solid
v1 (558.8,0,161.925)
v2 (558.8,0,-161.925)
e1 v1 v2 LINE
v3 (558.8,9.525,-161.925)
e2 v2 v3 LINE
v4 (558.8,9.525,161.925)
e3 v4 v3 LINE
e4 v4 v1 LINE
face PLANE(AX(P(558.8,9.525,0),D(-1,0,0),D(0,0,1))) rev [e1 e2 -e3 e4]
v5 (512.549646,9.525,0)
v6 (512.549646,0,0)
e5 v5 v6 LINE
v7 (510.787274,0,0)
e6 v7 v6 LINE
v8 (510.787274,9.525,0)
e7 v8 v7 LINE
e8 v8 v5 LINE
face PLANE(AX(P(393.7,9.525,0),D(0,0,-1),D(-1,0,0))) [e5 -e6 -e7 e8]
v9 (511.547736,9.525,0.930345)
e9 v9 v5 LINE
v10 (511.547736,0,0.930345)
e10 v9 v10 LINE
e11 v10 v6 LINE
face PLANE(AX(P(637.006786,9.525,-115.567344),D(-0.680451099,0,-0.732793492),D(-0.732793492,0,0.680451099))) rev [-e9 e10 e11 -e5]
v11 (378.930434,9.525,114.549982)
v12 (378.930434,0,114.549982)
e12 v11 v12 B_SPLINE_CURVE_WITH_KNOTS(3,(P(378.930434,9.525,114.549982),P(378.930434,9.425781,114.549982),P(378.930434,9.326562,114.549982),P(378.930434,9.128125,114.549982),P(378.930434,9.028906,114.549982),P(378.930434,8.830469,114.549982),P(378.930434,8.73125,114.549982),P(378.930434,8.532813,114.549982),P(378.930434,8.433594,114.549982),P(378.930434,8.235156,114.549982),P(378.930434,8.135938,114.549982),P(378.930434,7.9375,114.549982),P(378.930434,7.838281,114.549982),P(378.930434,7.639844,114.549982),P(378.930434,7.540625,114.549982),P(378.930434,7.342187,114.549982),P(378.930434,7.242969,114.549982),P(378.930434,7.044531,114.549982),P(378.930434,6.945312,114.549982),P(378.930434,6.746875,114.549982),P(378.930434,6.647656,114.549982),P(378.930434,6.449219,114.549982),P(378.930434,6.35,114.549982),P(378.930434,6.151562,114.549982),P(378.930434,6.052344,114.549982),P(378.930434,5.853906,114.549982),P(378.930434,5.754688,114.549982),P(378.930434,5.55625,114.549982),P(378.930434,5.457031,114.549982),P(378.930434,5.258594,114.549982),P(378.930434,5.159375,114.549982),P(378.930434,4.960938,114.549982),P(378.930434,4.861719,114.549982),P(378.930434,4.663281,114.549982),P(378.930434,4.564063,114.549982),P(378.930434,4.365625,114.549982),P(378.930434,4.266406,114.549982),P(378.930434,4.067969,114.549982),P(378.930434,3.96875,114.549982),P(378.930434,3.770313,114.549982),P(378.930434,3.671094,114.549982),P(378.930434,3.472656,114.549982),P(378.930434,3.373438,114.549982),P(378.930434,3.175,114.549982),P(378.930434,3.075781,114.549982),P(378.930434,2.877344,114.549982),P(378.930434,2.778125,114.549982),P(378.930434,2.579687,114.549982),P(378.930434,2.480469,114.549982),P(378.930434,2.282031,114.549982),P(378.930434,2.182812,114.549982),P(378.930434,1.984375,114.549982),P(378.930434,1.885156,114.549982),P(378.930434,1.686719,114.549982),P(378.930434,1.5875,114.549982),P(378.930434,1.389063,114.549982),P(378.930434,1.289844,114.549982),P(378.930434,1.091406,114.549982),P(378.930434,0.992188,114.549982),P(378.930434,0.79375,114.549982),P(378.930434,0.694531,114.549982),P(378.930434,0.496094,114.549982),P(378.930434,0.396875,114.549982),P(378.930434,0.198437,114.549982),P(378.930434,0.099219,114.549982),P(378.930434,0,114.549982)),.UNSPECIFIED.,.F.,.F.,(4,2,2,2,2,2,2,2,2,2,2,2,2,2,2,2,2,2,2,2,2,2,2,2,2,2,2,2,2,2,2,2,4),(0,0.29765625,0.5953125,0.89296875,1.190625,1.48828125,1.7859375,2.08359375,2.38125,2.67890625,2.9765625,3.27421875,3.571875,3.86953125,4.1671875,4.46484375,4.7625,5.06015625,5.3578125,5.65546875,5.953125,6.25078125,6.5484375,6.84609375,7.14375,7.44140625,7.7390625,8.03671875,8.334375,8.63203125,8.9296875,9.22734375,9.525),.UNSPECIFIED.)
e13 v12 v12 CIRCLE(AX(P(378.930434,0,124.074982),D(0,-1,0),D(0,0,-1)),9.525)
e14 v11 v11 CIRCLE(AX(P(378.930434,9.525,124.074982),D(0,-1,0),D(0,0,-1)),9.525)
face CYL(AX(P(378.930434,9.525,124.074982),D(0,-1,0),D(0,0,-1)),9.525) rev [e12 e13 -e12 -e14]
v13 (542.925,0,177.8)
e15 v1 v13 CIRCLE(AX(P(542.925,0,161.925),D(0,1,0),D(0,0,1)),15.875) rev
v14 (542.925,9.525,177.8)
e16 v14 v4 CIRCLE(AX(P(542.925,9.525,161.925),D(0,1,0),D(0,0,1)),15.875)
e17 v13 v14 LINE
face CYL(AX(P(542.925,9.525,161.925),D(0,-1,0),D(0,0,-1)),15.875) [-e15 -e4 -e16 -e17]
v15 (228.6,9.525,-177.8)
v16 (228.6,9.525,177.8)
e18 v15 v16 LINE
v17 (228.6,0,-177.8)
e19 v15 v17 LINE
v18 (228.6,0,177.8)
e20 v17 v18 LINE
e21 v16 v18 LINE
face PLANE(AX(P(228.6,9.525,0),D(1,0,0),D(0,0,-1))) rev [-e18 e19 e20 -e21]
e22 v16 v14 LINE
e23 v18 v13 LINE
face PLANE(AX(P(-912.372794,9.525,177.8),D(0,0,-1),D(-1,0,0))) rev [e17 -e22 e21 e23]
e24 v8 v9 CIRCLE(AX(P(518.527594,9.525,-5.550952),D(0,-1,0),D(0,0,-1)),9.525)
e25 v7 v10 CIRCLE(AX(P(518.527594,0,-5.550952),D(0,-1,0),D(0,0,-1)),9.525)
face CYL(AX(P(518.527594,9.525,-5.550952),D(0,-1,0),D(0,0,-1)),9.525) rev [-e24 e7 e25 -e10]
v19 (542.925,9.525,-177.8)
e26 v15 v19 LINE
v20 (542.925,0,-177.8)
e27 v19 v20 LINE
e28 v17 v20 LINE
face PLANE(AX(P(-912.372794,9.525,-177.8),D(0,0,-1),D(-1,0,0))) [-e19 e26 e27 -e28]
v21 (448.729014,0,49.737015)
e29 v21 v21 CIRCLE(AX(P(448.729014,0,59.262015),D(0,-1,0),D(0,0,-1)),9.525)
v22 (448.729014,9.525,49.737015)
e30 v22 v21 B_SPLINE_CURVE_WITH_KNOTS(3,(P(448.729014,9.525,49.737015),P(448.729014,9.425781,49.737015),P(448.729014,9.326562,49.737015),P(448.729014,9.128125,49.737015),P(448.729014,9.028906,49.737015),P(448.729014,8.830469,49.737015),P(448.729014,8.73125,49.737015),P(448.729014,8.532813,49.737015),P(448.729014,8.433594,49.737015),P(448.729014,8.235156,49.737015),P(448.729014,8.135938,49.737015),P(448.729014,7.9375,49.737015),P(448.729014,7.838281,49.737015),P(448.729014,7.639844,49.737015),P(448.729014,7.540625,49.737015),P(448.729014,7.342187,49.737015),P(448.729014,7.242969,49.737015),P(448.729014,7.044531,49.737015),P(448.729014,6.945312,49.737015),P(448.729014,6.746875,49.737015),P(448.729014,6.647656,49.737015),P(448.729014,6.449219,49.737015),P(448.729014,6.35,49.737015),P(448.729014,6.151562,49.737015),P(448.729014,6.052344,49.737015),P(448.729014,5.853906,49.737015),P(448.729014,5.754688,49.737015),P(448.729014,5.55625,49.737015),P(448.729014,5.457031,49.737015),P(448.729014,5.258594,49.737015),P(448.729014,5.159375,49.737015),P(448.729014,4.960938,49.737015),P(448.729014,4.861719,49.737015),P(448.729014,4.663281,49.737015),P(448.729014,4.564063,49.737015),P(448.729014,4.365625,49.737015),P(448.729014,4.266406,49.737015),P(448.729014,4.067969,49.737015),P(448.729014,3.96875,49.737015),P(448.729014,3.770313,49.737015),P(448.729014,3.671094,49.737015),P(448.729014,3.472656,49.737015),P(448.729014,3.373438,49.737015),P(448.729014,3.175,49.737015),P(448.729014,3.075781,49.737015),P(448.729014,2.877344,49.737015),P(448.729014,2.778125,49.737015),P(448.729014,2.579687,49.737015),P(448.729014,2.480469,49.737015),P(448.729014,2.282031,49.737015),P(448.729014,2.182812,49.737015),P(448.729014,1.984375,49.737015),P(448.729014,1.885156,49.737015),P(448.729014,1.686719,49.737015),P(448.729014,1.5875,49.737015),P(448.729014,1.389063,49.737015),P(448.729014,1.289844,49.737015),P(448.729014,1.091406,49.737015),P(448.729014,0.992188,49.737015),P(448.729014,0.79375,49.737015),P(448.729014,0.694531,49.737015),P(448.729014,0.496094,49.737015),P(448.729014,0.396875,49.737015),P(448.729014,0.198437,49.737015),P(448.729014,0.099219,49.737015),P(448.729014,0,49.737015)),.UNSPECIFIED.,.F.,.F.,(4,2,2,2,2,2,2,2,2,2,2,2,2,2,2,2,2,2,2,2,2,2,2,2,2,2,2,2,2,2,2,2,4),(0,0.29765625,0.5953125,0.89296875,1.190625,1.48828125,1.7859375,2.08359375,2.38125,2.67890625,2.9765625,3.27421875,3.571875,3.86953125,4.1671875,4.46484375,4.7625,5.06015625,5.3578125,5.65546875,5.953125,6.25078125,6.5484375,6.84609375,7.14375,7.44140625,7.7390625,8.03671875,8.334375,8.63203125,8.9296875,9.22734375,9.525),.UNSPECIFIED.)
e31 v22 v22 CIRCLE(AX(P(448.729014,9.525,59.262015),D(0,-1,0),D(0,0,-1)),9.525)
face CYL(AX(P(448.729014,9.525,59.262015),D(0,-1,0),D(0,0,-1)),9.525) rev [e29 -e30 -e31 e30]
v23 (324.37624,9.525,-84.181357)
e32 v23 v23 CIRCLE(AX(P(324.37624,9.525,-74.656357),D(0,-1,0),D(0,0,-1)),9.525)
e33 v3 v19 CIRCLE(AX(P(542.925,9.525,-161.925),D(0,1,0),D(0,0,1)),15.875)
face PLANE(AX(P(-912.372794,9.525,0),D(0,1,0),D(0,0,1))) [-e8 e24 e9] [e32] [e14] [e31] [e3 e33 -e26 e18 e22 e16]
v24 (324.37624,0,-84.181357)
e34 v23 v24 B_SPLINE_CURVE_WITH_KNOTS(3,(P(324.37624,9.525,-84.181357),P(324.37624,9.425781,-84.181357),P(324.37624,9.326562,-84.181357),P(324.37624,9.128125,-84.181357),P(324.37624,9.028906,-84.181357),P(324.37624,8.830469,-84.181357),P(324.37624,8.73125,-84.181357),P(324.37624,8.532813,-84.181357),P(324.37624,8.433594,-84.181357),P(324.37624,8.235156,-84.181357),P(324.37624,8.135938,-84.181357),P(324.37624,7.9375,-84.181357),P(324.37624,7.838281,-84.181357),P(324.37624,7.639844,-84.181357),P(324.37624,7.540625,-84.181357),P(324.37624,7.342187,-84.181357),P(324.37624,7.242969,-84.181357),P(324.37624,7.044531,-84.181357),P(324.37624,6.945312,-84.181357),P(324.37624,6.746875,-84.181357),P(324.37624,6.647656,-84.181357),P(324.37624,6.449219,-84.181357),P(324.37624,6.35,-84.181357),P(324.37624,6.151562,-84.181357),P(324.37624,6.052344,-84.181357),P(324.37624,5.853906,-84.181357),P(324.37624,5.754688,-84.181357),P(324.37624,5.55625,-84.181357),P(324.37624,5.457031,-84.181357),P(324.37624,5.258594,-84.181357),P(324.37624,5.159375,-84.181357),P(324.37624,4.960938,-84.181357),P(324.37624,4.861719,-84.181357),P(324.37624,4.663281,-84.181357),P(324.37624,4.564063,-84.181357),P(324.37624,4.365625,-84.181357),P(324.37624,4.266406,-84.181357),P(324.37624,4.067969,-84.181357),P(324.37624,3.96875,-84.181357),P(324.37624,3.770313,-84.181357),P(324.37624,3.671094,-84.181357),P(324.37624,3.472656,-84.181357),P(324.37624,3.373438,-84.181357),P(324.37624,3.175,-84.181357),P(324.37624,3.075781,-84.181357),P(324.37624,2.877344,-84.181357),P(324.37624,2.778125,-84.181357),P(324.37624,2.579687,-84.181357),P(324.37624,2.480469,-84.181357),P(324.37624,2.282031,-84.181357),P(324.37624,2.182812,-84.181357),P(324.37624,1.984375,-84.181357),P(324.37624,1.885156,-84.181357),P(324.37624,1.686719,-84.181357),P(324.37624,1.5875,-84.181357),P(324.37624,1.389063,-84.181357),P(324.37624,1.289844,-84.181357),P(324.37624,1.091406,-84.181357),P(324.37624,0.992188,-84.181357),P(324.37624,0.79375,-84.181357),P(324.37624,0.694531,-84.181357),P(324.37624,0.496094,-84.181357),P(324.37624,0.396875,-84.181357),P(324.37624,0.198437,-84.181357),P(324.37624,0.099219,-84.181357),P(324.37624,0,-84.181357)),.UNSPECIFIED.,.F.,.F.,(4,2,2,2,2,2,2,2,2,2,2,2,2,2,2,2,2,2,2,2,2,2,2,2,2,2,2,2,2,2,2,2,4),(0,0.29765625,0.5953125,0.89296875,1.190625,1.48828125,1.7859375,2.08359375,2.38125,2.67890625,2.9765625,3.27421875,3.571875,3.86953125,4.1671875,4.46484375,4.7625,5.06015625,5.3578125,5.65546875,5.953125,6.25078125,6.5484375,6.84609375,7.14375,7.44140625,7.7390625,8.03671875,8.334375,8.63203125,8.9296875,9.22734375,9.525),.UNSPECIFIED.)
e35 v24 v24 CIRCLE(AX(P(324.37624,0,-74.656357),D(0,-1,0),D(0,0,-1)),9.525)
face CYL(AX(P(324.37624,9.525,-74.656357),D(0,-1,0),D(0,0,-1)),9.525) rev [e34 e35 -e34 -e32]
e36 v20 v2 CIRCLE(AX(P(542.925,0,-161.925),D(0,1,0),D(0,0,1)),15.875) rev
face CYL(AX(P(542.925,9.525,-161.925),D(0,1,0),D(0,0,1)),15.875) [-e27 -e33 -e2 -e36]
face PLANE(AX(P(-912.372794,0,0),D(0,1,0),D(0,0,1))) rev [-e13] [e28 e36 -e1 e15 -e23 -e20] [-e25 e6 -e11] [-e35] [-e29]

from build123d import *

# Parameters (mm, degrees)
BOSS_EXTRUDE1_DEPTH = 9.525
BOSS_EXTRUDE2_DEPTH = 9.525
FILLET1_R           = 15.875
SKETCH3_R           = 9.525
CUT_EXTRUDE1_DEPTH  = 587.481888574


with BuildPart() as part:
    # Sketch1 → Boss-Extrude1 (new body)
    with BuildSketch(Plane(origin=(0, 0, 0), x_dir=(1, 0, 0), z_dir=(0, 1, 0))):
        Polygon((461.512355724, 17.636671785), (558.8, 99.270698215), (558.8, 177.8), (228.6, 177.8), (228.6, -177.8), align=None)
    extrude(amount=BOSS_EXTRUDE1_DEPTH)

    # Sketch1<4> → Boss-Extrude2 (add)
    with BuildSketch(Plane(origin=(0, 0, 0), x_dir=(1, 0, 0), z_dir=(0, 1, 0))):
        Polygon((558.8, -177.8), (558.8, 99.270698215), (461.512355724, 17.636671785), (228.6, -177.8), align=None)
    extrude(amount=BOSS_EXTRUDE2_DEPTH)

    # Fillet1
    fillet1_edges = [part.edges().sort_by_distance(p)[0] for p in [
        (558.8, 4.7625, 177.8),
        (558.8, 4.7625, -177.8),
    ]]
    fillet(fillet1_edges, radius=FILLET1_R)

    # Sketch3 → Cut-Extrude1 (cut, through all)
    with BuildSketch(Plane.XZ):
        with Locations((378.930433901, 124.074982269)):
            Circle(SKETCH3_R)
        with Locations((448.729013979, 59.262015054)):
            Circle(SKETCH3_R)
        with BuildLine():
            Line((511.547736048, 0.930344561), (512.549645575, 0))
            Line((512.549645575, 0), (510.787273965, 0))
            ThreePointArc((510.787273965, 0), (525.902368362, -11.579080306), (511.547736048, 0.930344561))
        make_face()
        with Locations((324.376240195, -74.656356713)):
            Circle(SKETCH3_R)
    extrude(amount=-CUT_EXTRUDE1_DEPTH, mode=Mode.SUBTRACT)


solid = part.part
